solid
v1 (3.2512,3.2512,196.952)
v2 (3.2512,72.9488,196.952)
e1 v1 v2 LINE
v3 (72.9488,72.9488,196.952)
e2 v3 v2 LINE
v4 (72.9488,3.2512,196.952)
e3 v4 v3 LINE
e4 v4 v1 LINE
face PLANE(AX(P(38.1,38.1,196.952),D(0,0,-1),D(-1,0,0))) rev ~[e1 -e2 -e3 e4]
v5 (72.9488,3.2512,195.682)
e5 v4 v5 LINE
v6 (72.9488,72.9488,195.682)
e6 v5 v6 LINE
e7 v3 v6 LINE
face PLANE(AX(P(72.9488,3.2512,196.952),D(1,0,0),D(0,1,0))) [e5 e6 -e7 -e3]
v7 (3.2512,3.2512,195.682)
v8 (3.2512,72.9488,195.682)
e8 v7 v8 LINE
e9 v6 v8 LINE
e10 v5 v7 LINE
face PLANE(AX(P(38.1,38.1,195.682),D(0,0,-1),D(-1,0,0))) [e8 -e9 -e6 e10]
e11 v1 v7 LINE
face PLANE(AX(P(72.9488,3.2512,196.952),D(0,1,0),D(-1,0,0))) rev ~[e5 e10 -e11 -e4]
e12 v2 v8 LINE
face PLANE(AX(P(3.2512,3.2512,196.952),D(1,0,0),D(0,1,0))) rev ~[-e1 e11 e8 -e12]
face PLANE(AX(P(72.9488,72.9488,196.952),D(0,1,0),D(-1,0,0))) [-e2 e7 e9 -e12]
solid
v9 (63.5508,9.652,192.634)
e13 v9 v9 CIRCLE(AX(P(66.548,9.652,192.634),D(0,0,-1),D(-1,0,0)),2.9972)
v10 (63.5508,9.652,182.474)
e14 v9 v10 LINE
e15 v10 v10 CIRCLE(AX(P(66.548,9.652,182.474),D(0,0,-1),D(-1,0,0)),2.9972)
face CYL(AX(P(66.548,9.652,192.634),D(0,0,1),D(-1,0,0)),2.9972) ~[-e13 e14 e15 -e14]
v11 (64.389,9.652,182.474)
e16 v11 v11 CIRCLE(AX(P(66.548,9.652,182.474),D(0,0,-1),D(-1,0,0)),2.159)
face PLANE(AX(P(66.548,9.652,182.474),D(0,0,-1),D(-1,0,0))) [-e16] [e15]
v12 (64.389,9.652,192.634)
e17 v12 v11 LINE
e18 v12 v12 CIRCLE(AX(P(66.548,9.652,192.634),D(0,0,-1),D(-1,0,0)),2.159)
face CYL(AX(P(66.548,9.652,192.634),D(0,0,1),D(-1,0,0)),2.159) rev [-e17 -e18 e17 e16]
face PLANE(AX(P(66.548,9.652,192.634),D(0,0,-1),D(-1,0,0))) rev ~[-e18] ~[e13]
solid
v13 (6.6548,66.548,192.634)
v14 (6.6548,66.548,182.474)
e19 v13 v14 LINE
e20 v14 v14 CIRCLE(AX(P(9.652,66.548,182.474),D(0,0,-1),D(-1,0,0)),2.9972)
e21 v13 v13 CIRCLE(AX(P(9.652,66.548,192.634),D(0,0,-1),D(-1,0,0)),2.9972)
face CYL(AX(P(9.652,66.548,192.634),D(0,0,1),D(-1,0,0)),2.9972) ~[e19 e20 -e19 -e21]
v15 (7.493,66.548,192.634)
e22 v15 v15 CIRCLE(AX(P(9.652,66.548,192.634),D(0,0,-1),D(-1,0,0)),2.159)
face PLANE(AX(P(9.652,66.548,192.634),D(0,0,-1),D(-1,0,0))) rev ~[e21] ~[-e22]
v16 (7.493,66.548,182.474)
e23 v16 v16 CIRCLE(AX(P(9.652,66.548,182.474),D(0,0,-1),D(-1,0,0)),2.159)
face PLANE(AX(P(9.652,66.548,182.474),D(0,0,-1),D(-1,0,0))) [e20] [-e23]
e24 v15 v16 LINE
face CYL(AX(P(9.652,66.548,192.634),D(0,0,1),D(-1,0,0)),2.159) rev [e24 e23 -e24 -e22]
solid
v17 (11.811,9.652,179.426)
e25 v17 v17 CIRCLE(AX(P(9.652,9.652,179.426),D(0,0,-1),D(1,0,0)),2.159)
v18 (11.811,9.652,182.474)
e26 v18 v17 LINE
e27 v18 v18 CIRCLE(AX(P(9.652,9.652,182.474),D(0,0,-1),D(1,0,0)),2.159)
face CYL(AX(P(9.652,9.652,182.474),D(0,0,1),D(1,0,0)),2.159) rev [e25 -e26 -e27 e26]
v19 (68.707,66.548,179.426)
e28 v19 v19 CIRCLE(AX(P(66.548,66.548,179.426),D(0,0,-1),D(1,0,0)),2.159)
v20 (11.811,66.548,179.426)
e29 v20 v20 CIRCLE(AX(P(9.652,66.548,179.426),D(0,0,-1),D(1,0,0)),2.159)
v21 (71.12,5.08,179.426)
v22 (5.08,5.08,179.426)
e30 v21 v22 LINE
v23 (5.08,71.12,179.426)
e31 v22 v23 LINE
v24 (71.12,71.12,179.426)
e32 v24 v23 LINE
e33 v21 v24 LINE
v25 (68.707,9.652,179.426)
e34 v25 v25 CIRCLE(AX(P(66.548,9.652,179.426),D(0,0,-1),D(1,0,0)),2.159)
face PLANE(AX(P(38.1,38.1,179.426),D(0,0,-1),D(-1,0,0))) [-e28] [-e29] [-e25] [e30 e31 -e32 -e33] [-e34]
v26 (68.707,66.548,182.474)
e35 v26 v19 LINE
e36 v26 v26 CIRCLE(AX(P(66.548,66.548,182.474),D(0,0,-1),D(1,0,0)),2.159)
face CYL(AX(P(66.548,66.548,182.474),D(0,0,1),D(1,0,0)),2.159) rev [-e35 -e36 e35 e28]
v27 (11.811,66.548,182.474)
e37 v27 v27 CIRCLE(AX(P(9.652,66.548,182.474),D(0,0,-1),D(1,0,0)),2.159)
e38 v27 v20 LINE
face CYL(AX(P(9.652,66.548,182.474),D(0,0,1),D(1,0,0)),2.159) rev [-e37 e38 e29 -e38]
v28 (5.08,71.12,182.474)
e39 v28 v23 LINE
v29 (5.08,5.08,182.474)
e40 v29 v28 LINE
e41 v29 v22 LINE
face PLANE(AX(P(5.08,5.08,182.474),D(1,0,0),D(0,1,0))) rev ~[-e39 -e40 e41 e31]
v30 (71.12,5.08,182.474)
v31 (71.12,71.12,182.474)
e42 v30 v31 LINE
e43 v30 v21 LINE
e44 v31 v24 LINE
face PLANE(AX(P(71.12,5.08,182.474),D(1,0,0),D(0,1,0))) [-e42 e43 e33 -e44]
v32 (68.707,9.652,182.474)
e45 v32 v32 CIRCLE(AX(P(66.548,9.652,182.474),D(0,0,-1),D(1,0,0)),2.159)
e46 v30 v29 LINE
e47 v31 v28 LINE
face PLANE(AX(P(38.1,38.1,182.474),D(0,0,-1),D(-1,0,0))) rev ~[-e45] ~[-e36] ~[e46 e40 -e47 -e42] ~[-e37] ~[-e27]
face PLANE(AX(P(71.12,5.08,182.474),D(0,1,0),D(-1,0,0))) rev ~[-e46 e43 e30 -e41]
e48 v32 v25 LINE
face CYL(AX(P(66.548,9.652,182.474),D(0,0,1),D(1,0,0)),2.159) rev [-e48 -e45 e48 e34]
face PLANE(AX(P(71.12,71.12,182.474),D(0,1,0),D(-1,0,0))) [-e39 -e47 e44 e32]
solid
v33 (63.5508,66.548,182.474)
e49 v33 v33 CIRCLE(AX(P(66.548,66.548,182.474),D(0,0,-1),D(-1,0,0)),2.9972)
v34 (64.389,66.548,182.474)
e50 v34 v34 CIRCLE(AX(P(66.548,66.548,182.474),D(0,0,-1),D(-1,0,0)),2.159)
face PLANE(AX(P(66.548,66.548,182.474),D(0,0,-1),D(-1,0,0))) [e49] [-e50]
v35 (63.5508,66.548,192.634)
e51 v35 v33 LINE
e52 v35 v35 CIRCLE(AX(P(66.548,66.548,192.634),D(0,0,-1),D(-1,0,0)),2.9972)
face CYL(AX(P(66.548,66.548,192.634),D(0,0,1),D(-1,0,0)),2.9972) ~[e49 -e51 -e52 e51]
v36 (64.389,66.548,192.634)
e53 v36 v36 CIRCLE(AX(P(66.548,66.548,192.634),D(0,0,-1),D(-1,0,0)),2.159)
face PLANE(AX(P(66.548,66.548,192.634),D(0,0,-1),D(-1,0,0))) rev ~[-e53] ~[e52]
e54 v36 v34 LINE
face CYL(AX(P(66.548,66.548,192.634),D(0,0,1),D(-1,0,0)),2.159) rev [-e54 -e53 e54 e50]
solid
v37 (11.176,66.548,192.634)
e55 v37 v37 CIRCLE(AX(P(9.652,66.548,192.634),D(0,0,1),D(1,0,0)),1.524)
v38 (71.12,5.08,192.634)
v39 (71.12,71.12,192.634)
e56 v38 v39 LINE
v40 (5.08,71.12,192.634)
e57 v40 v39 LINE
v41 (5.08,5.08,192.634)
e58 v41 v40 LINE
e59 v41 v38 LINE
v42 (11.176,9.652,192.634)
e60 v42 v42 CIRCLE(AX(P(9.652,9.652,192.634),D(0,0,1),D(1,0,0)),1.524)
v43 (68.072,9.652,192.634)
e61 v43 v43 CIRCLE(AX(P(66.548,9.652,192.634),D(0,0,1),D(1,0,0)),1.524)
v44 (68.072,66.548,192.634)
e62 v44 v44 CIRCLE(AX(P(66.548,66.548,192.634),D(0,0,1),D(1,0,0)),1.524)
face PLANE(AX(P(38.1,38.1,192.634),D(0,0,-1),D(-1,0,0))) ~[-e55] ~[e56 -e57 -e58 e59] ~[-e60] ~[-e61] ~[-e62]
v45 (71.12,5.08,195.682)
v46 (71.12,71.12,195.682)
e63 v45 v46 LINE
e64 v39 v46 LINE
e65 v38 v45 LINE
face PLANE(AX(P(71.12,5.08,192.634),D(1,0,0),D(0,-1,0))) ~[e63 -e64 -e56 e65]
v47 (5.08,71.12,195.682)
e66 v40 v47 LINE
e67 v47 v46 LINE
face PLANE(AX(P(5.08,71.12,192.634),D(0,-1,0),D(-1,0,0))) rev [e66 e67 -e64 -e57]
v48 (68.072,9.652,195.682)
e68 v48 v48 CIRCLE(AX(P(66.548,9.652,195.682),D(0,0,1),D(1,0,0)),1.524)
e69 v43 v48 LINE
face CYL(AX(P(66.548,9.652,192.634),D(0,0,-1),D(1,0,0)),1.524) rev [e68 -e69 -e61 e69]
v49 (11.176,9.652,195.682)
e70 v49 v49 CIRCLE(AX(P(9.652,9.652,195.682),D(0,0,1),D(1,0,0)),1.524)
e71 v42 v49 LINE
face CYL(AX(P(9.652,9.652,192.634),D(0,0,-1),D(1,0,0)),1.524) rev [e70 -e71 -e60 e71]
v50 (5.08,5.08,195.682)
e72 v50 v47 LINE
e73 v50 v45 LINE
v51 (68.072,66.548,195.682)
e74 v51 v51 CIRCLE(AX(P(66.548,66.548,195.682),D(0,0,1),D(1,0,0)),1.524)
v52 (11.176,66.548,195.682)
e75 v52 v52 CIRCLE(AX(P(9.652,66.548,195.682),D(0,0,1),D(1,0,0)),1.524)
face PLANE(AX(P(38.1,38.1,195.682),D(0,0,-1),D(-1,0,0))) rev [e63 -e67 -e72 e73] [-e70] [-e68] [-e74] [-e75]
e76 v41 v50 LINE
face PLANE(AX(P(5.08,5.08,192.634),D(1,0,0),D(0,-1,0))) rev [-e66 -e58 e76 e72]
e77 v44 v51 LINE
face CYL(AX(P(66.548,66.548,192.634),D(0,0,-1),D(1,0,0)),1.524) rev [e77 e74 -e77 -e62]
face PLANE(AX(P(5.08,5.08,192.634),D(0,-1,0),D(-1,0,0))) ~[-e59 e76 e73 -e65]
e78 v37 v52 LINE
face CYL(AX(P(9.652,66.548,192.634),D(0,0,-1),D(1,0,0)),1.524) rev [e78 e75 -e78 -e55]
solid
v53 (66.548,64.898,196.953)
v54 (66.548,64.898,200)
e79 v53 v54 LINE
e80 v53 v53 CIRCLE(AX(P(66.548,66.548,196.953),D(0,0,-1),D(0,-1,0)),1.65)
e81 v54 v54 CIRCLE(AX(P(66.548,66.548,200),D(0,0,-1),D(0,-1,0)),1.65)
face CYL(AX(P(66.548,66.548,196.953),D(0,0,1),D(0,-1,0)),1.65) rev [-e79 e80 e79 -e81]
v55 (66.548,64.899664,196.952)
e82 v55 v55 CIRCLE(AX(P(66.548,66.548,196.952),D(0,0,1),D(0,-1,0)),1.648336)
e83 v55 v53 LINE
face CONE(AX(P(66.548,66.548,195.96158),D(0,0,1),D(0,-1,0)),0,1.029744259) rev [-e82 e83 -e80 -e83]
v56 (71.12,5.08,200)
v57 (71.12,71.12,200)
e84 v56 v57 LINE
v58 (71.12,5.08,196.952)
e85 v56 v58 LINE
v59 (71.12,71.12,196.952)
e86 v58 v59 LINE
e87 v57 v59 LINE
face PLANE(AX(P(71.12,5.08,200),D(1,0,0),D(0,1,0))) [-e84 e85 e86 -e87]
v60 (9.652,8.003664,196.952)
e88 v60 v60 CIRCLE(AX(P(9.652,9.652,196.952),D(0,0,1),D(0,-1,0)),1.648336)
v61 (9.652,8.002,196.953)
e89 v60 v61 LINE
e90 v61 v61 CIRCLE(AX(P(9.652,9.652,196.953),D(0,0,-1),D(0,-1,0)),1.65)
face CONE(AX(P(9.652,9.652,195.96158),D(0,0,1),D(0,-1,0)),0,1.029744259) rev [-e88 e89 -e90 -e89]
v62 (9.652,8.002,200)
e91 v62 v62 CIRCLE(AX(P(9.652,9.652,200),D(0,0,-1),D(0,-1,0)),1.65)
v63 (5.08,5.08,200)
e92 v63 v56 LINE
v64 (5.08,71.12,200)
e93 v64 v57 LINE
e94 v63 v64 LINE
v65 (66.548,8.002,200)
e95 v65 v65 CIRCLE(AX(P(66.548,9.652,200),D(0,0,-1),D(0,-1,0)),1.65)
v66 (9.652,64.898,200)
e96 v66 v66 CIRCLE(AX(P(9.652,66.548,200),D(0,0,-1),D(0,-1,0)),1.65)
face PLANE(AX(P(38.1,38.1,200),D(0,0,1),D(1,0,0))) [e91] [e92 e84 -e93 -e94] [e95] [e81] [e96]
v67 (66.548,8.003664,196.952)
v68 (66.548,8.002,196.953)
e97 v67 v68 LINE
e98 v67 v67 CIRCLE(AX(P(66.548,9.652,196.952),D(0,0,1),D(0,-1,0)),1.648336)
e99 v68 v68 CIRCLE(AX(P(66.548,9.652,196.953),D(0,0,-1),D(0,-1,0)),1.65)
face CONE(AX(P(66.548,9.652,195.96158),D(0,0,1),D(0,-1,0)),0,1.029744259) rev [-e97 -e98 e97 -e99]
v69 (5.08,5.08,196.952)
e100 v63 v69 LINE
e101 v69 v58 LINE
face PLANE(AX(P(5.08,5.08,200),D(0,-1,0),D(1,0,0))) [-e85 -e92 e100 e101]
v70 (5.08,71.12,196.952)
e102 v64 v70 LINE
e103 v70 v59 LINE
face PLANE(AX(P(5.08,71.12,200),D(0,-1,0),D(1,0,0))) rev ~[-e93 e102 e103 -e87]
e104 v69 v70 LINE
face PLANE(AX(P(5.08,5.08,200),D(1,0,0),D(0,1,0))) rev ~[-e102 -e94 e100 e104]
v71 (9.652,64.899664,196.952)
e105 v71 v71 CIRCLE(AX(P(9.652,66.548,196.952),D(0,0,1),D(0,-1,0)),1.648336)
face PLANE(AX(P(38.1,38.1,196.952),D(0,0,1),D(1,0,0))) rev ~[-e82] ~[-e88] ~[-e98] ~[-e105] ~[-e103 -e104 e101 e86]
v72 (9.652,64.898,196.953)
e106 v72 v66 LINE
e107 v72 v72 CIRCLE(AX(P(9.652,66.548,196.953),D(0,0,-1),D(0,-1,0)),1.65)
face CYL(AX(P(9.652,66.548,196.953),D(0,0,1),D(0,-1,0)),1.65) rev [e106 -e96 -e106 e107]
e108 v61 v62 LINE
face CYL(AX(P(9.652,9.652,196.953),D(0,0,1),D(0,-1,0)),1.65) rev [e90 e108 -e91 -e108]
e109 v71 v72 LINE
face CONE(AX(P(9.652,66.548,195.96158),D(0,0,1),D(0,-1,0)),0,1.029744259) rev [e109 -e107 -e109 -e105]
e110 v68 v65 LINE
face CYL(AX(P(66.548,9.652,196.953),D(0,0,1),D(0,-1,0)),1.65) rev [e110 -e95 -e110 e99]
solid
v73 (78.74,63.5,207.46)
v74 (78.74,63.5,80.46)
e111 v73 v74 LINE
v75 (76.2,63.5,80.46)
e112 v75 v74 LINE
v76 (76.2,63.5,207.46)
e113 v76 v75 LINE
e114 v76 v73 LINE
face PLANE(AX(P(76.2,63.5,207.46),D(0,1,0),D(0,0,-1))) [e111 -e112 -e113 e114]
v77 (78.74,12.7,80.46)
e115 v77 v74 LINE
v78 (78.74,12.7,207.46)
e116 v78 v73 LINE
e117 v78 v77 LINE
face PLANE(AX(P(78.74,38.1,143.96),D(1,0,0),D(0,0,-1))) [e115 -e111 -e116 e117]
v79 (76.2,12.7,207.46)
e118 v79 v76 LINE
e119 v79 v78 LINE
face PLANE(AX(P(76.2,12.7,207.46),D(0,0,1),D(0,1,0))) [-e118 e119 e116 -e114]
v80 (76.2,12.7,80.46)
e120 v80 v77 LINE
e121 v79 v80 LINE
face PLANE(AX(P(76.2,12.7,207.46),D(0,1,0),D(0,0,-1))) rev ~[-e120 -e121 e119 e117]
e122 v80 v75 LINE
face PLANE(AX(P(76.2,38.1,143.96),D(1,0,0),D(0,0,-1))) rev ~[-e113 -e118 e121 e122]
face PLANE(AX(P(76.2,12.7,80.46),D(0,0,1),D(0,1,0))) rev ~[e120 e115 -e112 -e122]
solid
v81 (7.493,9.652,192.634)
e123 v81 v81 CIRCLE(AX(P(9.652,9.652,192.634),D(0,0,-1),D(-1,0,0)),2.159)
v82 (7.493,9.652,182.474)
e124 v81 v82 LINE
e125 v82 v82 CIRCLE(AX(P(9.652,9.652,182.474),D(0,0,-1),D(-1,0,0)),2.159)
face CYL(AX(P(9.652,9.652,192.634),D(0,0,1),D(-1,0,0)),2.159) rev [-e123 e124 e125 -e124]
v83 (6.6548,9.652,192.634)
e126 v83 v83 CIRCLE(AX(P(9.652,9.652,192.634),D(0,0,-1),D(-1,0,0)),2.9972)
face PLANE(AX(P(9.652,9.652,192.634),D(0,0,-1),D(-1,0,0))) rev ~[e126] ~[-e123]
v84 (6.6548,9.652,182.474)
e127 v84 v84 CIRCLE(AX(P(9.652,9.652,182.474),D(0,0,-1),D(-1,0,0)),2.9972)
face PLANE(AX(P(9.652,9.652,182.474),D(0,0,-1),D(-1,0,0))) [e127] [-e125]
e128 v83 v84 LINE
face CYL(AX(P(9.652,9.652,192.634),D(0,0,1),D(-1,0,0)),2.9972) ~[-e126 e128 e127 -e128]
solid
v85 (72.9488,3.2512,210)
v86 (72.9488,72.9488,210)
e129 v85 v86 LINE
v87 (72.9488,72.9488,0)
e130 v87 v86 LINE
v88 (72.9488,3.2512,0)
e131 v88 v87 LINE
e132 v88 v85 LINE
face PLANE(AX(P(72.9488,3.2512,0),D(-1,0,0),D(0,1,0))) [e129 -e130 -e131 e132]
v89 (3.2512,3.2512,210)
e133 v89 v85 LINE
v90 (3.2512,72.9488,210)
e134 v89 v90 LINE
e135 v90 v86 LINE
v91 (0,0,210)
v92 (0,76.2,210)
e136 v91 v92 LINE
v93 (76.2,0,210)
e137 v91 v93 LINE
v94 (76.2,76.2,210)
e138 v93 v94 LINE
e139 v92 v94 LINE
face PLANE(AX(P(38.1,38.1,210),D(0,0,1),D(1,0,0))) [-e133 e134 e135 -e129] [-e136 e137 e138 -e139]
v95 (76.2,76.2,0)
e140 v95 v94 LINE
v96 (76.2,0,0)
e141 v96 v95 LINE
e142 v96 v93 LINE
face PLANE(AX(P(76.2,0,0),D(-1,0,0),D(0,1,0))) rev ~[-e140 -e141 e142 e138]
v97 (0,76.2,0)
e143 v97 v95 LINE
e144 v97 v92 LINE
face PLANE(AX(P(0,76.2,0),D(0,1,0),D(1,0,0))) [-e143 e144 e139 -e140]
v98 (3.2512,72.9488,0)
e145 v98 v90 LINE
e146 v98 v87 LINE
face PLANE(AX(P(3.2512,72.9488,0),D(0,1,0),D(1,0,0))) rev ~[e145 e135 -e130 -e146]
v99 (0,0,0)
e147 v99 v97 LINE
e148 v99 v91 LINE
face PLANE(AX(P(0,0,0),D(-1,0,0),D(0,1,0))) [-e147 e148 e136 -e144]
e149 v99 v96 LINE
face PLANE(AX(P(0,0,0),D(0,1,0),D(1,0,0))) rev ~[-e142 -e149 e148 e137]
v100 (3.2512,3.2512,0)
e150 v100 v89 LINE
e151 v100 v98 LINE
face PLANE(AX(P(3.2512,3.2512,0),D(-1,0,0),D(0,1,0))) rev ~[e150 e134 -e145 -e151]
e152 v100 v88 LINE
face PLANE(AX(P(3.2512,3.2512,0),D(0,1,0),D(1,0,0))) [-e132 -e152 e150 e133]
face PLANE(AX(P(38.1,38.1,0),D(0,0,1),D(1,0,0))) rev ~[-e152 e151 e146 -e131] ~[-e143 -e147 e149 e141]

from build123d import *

# Parameters (mm, degrees)
SKETCH1_W                      = 76.2
SKETCH1_H                      = 76.2
SKETCH1_W_2                    = 69.6976
SKETCH1_H_2                    = 69.6976
BOSS_EXTRUDE1_DEPTH            = 210
BOSS_EXTRUDE2_START            = -10
SKETCH2_W                      = 66.04
SKETCH2_H                      = 66.04
BOSS_EXTRUDE2_DEPTH            = 3.048
SKETCH3_W                      = 127
SKETCH3_H                      = 50.8
BOSS_EXTRUDE3_DEPTH            = 2.54
SKETCH4_W                      = 69.6976
SKETCH4_H                      = 69.6976
BOSS_EXTRUDE4_DEPTH            = 1.27
SKETCH5_R                      = 1.524
CUT_EXTRUDE1_DEPTH             = 3.048
SKETCH6_R                      = 2.9972
SKETCH6_R_2                    = 2.159
BOSS_EXTRUDE5_DEPTH            = 10.16
BOSS_EXTRUDE5_2_DEPTH          = 10.16
BOSS_EXTRUDE5_3_DEPTH          = 10.16
BOSS_EXTRUDE5_4_DEPTH          = 10.16
BOSS_EXTRUDE6_START            = 10.16
SKETCH8_W                      = 66.04
SKETCH8_H                      = 66.04
SKETCH8_R                      = 2.159
BOSS_EXTRUDE6_DEPTH            = 3.048
M4X0_7_TAPPED_HOLE1_AT_2_COUNT = 2
M4X0_7_TAPPED_HOLE1_AT_2_PITCH = 56.896
M4X0_7_TAPPED_HOLE1_AT_3_COUNT = 2
M4X0_7_TAPPED_HOLE1_AT_3_PITCH = 80.463094845
M4X0_7_TAPPED_HOLE1_AT_4_COUNT = 2
M4X0_7_TAPPED_HOLE1_AT_4_PITCH = 56.896


with BuildPart() as part:
    # Sketch1 → Boss-Extrude1 (new body)
    with BuildSketch(Plane.XY):
        with Locations((38.1, 38.1)):
            Rectangle(SKETCH1_W, SKETCH1_H)
        with Locations((38.1, 38.1)):
            Rectangle(SKETCH1_W_2, SKETCH1_H_2, mode=Mode.SUBTRACT)
    extrude(amount=BOSS_EXTRUDE1_DEPTH)


with BuildPart() as body_2:
    # Sketch2 → Boss-Extrude2 (new body)
    with BuildSketch(Plane.XY.offset(210).offset(BOSS_EXTRUDE2_START)):
        with Locations((38.1, 38.1)):
            Rectangle(SKETCH2_W, SKETCH2_H)
    extrude(amount=-BOSS_EXTRUDE2_DEPTH)

    # Sketch5 → Cut-Extrude1 (cut)
    with BuildSketch(Plane.XY.offset(200)):
        with Locations((66.548, 9.652)):
            Circle(SKETCH5_R)
        with Locations((66.548, 66.548)):
            Circle(SKETCH5_R)
        with Locations((9.652, 66.548)):
            Circle(SKETCH5_R)
        with Locations((9.652, 9.652)):
            Circle(SKETCH5_R)
    extrude(amount=-CUT_EXTRUDE1_DEPTH, mode=Mode.SUBTRACT)


with BuildPart() as body_3:
    # Sketch3 → Boss-Extrude3 (new body)
    with BuildSketch(Plane(origin=(76.2, 0, 0), x_dir=(0, 0, -1), z_dir=(1, 0, 0))):
        with Locations((-143.96, 38.1)):
            Rectangle(SKETCH3_W, SKETCH3_H)
    extrude(amount=BOSS_EXTRUDE3_DEPTH)


with BuildPart() as body_4:
    # Sketch4 → Boss-Extrude4 (new body)
    with BuildSketch(Plane(origin=(0, 0, 196.952), x_dir=(-1, 0, 0), z_dir=(0, 0, -1))):
        with Locations((-38.1, 38.1)):
            Rectangle(SKETCH4_W, SKETCH4_H)
    extrude(amount=BOSS_EXTRUDE4_DEPTH)


with BuildPart() as body_5:
    # Mirror2: mirrored copy
    add(body_2.part.mirror(Plane.XY.offset(196.317)))


with BuildPart() as body_6:
    # Sketch6 → Boss-Extrude5 (new body)
    with BuildSketch(Plane(origin=(0, 0, 192.634), x_dir=(-1, 0, 0), z_dir=(0, 0, -1))):
        with Locations((-66.548, 9.652)):
            Circle(SKETCH6_R)
        with Locations((-66.548, 9.652)):
            Circle(SKETCH6_R_2, mode=Mode.SUBTRACT)
    extrude(amount=BOSS_EXTRUDE5_DEPTH)


with BuildPart() as body_7:
    # Sketch6 → Boss-Extrude5 2 (new body)
    with BuildSketch(Plane(origin=(0, 0, 192.634), x_dir=(-1, 0, 0), z_dir=(0, 0, -1))):
        with Locations((-66.548, 66.548)):
            Circle(SKETCH6_R)
        with Locations((-66.548, 66.548)):
            Circle(SKETCH6_R_2, mode=Mode.SUBTRACT)
    extrude(amount=BOSS_EXTRUDE5_2_DEPTH)


with BuildPart() as body_8:
    # Sketch6 → Boss-Extrude5 3 (new body)
    with BuildSketch(Plane(origin=(0, 0, 192.634), x_dir=(-1, 0, 0), z_dir=(0, 0, -1))):
        with Locations((-9.652, 66.548)):
            Circle(SKETCH6_R)
        with Locations((-9.652, 66.548)):
            Circle(SKETCH6_R_2, mode=Mode.SUBTRACT)
    extrude(amount=BOSS_EXTRUDE5_3_DEPTH)


with BuildPart() as body_9:
    # Sketch6 → Boss-Extrude5 4 (new body)
    with BuildSketch(Plane(origin=(0, 0, 192.634), x_dir=(-1, 0, 0), z_dir=(0, 0, -1))):
        with Locations((-9.652, 9.652)):
            Circle(SKETCH6_R)
        with Locations((-9.652, 9.652)):
            Circle(SKETCH6_R_2, mode=Mode.SUBTRACT)
    extrude(amount=BOSS_EXTRUDE5_4_DEPTH)


with BuildPart() as body_10:
    # Sketch8 → Boss-Extrude6 (new body)
    with BuildSketch(Plane(origin=(0, 0, 192.634), x_dir=(-1, 0, 0), z_dir=(0, 0, -1)).offset(BOSS_EXTRUDE6_START)):
        with Locations((-38.1, 38.1)):
            Rectangle(SKETCH8_W, SKETCH8_H)
        with Locations(Location((-9.652, 9.652, 0), (0, 0, 180))):
            Circle(SKETCH8_R, mode=Mode.SUBTRACT)
        with Locations(Location((-66.548, 9.652, 0), (0, 0, 180))):
            Circle(SKETCH8_R, mode=Mode.SUBTRACT)
        with Locations(Location((-66.548, 66.548, 0), (0, 0, 180))):
            Circle(SKETCH8_R, mode=Mode.SUBTRACT)
        with Locations(Location((-9.652, 66.548, 0), (0, 0, 180))):
            Circle(SKETCH8_R, mode=Mode.SUBTRACT)
    extrude(amount=BOSS_EXTRUDE6_DEPTH)


with BuildPart() as body_2_1:
    add(body_2.part)

    # Sketch13 → M4x0.7 Tapped Hole1 (revolve, cut)
    with BuildSketch(Plane(origin=(9.652, 66.548, 200), x_dir=(0, -1, 0), z_dir=(1, 0, 0))):
        Polygon((0, 0), (0, 4.038420021), (1.65, 3.047), (1.65, 0), align=None)
    m4x0_7_tapped_hole1 = revolve(axis=Axis((9.652, 66.548, 206.35), (0, 0, -1)), mode=Mode.SUBTRACT)

    # M4x0.7 Tapped Hole1 at 2: M4x0.7 Tapped Hole1 ×2
    with Locations(*[(i * M4X0_7_TAPPED_HOLE1_AT_2_PITCH, 0, 0) for i in range(1, M4X0_7_TAPPED_HOLE1_AT_2_COUNT)]):
        add(m4x0_7_tapped_hole1, mode=Mode.SUBTRACT)

    # M4x0.7 Tapped Hole1 at 3: M4x0.7 Tapped Hole1 ×2
    with Locations(*[Vector(0.7071067811865502, -0.7071067811865449, 0) * (i * M4X0_7_TAPPED_HOLE1_AT_3_PITCH) for i in range(1, M4X0_7_TAPPED_HOLE1_AT_3_COUNT)]):
        add(m4x0_7_tapped_hole1, mode=Mode.SUBTRACT)

    # M4x0.7 Tapped Hole1 at 4: M4x0.7 Tapped Hole1 ×2
    with Locations(*[(0, -i * M4X0_7_TAPPED_HOLE1_AT_4_PITCH, 0) for i in range(1, M4X0_7_TAPPED_HOLE1_AT_4_COUNT)]):
        add(m4x0_7_tapped_hole1, mode=Mode.SUBTRACT)


solid = Compound([part.part, body_3.part, body_4.part, body_5.part, body_6.part, body_7.part, body_8.part, body_9.part, body_10.part, body_2_1.part])
